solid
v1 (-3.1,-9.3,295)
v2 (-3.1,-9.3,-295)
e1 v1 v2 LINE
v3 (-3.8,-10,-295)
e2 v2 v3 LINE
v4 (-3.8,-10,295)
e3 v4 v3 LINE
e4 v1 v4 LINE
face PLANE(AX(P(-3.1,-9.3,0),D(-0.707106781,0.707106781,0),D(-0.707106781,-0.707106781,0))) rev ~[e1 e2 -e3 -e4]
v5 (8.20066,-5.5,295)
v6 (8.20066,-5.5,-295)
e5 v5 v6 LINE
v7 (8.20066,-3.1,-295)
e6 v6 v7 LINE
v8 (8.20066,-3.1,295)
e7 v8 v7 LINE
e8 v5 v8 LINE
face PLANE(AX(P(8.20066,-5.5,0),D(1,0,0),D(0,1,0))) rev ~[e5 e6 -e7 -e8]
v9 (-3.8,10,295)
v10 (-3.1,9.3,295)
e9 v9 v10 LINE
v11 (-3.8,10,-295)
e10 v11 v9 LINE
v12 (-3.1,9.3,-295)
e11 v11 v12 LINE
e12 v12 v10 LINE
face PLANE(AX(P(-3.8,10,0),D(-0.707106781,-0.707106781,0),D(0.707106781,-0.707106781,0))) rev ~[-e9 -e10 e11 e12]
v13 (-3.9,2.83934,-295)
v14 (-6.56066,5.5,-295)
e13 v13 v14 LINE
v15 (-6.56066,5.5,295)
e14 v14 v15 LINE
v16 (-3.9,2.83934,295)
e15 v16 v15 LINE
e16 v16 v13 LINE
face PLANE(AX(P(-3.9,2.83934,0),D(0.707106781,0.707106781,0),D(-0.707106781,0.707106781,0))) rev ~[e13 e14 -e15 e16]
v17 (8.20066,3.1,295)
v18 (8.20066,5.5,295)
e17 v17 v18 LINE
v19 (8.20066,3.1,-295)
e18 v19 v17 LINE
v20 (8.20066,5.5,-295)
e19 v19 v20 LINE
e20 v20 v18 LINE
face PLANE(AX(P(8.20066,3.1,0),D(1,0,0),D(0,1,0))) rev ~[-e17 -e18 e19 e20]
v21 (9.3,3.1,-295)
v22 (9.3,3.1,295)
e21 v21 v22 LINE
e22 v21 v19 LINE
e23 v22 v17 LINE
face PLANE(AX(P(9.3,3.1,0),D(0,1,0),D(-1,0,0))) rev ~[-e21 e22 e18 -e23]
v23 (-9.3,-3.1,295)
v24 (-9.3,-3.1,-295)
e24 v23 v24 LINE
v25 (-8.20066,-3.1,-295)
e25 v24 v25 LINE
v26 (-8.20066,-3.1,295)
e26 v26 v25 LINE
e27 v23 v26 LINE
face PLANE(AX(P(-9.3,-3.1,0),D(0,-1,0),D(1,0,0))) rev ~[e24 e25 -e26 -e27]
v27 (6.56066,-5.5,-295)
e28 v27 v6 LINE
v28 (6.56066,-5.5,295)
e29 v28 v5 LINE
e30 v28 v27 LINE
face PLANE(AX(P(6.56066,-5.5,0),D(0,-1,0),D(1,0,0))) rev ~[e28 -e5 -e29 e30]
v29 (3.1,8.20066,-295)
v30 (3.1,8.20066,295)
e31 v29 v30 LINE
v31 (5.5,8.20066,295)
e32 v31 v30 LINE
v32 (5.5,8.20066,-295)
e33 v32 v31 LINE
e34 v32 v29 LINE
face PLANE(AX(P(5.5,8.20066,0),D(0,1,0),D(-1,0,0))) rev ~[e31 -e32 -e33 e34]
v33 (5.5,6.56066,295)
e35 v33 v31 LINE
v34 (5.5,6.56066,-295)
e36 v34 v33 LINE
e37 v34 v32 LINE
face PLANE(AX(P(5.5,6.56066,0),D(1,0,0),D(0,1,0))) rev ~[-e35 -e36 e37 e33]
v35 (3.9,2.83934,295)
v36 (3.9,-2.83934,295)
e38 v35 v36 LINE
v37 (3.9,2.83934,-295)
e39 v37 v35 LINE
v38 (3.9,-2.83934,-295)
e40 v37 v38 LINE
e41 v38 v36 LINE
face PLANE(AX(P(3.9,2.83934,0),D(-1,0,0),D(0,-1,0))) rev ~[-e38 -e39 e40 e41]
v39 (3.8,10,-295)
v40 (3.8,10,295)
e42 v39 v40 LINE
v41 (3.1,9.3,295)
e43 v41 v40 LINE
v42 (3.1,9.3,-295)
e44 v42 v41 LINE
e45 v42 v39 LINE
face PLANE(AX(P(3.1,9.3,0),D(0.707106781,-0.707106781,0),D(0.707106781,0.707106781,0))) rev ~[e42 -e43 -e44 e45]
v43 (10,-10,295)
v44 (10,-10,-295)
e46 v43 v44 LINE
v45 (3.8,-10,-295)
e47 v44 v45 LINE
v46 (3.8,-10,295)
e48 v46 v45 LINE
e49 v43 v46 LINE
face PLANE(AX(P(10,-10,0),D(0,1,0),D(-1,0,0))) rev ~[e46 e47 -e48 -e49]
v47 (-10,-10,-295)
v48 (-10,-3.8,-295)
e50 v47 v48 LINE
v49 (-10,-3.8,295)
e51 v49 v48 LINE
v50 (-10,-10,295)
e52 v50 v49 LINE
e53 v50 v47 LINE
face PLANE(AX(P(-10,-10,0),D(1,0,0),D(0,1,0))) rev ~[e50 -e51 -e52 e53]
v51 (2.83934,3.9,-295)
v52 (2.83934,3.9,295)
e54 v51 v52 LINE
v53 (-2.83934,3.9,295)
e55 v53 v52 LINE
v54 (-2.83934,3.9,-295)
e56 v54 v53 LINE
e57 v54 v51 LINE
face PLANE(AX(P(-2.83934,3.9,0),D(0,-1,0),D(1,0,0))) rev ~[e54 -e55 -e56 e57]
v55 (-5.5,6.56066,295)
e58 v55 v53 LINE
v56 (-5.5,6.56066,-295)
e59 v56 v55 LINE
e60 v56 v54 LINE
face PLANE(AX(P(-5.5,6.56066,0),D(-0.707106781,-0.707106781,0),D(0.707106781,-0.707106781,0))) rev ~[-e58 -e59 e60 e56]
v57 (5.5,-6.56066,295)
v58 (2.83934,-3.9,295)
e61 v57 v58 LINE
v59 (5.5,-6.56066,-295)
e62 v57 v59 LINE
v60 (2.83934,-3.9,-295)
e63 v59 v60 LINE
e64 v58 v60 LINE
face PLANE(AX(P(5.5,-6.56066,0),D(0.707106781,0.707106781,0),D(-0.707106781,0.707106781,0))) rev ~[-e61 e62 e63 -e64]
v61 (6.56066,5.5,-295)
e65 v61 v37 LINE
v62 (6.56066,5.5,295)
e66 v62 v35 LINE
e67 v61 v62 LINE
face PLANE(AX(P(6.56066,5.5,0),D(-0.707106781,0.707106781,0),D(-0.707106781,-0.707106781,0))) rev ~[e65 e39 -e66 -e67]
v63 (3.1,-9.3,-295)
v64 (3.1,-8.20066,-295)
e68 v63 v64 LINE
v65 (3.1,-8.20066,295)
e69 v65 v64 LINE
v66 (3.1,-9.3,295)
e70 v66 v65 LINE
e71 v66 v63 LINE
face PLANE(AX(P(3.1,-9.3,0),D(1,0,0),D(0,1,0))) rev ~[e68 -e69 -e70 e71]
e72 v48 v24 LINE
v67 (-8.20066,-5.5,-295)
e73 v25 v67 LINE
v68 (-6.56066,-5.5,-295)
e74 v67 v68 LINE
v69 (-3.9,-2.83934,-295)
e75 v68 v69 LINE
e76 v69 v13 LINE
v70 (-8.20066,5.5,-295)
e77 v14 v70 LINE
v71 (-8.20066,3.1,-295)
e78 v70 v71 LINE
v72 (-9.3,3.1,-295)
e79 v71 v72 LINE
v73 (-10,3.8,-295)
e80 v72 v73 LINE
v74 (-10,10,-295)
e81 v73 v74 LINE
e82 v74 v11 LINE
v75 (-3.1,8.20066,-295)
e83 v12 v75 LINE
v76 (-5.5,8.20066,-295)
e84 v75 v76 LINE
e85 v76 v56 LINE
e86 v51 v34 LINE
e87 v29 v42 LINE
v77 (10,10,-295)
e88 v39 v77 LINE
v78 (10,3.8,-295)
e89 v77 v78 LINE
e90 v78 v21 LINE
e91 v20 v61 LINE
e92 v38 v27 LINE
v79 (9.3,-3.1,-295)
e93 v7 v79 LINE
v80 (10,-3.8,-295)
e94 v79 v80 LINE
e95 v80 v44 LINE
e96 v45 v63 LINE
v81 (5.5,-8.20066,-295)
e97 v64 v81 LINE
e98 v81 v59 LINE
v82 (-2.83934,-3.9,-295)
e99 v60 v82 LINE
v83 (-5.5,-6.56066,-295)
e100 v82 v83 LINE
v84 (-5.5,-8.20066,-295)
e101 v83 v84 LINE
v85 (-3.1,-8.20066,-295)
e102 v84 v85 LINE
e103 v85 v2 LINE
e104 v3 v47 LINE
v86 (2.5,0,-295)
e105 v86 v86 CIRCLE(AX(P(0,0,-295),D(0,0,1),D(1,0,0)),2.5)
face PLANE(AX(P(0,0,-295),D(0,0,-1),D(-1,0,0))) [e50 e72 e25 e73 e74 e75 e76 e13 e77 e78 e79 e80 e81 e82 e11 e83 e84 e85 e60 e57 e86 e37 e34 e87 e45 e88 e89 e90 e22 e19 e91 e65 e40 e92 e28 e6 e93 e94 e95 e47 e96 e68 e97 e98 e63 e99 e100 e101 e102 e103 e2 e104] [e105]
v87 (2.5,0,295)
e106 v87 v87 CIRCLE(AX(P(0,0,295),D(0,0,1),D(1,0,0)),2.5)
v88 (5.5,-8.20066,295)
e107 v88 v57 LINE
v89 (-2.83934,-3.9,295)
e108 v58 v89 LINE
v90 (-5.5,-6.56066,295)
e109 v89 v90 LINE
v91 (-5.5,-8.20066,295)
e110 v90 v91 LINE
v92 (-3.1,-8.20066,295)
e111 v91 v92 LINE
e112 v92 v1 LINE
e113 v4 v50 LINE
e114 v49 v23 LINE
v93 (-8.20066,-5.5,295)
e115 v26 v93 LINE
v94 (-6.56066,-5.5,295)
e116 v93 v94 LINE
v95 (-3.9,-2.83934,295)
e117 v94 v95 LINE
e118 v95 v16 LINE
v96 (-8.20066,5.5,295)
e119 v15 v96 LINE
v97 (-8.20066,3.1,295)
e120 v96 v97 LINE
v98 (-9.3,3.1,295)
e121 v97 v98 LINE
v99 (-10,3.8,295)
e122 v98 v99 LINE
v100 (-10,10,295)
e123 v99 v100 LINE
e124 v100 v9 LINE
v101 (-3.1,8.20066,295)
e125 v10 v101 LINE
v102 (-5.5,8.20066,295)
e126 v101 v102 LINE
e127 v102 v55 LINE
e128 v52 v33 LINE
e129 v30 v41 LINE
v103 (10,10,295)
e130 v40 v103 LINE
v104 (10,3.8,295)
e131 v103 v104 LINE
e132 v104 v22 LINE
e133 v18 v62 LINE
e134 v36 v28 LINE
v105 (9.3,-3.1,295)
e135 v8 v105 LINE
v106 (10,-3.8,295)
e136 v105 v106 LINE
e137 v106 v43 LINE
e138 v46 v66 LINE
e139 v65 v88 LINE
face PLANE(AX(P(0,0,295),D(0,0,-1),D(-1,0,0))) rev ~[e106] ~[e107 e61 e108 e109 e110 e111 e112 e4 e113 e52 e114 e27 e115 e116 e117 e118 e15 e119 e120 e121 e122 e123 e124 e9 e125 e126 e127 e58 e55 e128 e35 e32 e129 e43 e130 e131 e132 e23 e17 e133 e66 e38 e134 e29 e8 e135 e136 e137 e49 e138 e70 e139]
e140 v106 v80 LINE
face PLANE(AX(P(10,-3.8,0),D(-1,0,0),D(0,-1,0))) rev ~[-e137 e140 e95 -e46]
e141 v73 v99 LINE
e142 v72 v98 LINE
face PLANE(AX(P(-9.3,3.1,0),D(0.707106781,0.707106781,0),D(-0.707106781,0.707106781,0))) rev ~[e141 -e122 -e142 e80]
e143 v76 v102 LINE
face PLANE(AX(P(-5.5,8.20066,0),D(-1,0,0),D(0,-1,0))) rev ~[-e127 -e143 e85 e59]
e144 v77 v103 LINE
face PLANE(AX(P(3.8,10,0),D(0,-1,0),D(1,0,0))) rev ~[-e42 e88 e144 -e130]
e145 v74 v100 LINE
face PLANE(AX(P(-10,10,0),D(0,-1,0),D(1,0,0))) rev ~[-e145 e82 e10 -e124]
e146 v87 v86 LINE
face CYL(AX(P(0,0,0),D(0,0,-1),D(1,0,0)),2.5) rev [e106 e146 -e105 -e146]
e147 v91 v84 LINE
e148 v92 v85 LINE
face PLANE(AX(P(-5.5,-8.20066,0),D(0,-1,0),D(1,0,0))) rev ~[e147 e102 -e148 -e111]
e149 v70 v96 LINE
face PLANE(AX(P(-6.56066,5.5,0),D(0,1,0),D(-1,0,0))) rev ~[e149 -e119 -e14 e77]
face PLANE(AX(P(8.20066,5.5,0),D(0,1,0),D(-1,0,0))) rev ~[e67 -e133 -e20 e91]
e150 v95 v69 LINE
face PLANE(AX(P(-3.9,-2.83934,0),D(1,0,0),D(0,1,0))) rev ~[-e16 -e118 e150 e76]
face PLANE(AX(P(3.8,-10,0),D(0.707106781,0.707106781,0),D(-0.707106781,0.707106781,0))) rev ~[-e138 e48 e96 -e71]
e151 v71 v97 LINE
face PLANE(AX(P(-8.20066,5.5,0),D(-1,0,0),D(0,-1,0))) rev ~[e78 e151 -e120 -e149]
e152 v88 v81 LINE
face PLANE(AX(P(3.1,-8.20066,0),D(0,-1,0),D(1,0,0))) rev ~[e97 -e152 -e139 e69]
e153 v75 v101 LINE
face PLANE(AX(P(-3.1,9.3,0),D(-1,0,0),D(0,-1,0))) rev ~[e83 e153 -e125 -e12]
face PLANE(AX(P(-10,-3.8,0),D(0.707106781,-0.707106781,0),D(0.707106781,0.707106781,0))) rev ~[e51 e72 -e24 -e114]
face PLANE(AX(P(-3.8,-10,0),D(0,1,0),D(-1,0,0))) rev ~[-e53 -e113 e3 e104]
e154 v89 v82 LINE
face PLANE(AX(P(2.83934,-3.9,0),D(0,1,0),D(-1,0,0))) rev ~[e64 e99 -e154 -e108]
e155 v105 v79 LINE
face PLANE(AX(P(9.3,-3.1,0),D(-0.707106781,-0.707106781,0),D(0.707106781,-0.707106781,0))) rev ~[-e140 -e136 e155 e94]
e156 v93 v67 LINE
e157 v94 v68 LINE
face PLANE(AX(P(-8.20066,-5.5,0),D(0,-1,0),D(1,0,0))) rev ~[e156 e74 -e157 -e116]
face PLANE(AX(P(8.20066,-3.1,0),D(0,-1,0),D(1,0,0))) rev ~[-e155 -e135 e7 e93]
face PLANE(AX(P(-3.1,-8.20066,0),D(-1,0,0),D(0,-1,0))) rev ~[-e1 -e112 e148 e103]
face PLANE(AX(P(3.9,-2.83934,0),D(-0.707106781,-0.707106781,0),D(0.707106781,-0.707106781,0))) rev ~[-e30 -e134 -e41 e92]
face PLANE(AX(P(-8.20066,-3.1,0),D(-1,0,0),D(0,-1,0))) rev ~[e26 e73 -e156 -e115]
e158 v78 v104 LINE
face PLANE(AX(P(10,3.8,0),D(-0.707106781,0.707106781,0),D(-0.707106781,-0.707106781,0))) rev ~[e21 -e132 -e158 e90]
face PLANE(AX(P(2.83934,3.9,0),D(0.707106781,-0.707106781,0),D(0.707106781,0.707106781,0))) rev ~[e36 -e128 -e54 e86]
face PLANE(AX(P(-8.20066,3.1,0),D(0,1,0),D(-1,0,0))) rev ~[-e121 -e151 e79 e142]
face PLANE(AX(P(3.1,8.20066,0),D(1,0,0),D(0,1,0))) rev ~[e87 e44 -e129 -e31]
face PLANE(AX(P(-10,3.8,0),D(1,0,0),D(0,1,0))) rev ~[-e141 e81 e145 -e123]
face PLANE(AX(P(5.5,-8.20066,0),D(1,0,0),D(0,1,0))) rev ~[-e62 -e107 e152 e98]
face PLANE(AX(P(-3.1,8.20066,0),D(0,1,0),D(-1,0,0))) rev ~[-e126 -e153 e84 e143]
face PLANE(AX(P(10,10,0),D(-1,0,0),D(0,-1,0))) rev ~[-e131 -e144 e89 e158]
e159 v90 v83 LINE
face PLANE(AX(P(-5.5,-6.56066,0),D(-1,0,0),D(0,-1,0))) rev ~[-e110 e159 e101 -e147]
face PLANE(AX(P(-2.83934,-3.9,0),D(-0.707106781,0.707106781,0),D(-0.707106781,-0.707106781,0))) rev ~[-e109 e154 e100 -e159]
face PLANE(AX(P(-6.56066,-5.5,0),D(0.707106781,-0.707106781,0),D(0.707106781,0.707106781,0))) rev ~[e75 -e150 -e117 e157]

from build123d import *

# Parameters (mm, degrees)
SKETCH1_R           = 2.5
BOSS_EXTRUDE1_DEPTH = 295


with BuildPart() as part:
    # Sketch1 → Boss-Extrude1 (new, symmetric)
    with BuildSketch(Plane.XY):
        Polygon((3.9, -2.839339828), (6.560660172, -5.5), (8.200660172, -5.5), (8.200660172, -3.1), (9.3, -3.1), (10, -3.8), (10, -10), (3.8, -10), (3.1, -9.3), (3.1, -8.200660172), (5.5, -8.200660172), (5.5, -6.560660172), (2.839339828, -3.9), (-2.839339828, -3.9), (-5.5, -6.560660172), (-5.5, -8.200660172), (-3.1, -8.200660172), (-3.1, -9.3), (-3.8, -10), (-10, -10), (-10, -3.8), (-9.3, -3.1), (-8.200660172, -3.1), (-8.200660172, -5.5), (-6.560660172, -5.5), (-3.9, -2.839339828), (-3.9, 2.839339828), (-6.560660172, 5.5), (-8.200660172, 5.5), (-8.200660172, 3.1), (-9.3, 3.1), (-10, 3.8), (-10, 10), (-3.8, 10), (-3.1, 9.3), (-3.1, 8.200660172), (-5.5, 8.200660172), (-5.5, 6.560660172), (-2.839339828, 3.9), (2.839339828, 3.9), (5.5, 6.560660172), (5.5, 8.200660172), (3.1, 8.200660172), (3.1, 9.3), (3.8, 10), (10, 10), (10, 3.8), (9.3, 3.1), (8.200660172, 3.1), (8.200660172, 5.5), (6.560660172, 5.5), (3.9, 2.839339828), align=None)
        Circle(SKETCH1_R, mode=Mode.SUBTRACT)
    extrude(amount=BOSS_EXTRUDE1_DEPTH, both=True)


solid = part.part
